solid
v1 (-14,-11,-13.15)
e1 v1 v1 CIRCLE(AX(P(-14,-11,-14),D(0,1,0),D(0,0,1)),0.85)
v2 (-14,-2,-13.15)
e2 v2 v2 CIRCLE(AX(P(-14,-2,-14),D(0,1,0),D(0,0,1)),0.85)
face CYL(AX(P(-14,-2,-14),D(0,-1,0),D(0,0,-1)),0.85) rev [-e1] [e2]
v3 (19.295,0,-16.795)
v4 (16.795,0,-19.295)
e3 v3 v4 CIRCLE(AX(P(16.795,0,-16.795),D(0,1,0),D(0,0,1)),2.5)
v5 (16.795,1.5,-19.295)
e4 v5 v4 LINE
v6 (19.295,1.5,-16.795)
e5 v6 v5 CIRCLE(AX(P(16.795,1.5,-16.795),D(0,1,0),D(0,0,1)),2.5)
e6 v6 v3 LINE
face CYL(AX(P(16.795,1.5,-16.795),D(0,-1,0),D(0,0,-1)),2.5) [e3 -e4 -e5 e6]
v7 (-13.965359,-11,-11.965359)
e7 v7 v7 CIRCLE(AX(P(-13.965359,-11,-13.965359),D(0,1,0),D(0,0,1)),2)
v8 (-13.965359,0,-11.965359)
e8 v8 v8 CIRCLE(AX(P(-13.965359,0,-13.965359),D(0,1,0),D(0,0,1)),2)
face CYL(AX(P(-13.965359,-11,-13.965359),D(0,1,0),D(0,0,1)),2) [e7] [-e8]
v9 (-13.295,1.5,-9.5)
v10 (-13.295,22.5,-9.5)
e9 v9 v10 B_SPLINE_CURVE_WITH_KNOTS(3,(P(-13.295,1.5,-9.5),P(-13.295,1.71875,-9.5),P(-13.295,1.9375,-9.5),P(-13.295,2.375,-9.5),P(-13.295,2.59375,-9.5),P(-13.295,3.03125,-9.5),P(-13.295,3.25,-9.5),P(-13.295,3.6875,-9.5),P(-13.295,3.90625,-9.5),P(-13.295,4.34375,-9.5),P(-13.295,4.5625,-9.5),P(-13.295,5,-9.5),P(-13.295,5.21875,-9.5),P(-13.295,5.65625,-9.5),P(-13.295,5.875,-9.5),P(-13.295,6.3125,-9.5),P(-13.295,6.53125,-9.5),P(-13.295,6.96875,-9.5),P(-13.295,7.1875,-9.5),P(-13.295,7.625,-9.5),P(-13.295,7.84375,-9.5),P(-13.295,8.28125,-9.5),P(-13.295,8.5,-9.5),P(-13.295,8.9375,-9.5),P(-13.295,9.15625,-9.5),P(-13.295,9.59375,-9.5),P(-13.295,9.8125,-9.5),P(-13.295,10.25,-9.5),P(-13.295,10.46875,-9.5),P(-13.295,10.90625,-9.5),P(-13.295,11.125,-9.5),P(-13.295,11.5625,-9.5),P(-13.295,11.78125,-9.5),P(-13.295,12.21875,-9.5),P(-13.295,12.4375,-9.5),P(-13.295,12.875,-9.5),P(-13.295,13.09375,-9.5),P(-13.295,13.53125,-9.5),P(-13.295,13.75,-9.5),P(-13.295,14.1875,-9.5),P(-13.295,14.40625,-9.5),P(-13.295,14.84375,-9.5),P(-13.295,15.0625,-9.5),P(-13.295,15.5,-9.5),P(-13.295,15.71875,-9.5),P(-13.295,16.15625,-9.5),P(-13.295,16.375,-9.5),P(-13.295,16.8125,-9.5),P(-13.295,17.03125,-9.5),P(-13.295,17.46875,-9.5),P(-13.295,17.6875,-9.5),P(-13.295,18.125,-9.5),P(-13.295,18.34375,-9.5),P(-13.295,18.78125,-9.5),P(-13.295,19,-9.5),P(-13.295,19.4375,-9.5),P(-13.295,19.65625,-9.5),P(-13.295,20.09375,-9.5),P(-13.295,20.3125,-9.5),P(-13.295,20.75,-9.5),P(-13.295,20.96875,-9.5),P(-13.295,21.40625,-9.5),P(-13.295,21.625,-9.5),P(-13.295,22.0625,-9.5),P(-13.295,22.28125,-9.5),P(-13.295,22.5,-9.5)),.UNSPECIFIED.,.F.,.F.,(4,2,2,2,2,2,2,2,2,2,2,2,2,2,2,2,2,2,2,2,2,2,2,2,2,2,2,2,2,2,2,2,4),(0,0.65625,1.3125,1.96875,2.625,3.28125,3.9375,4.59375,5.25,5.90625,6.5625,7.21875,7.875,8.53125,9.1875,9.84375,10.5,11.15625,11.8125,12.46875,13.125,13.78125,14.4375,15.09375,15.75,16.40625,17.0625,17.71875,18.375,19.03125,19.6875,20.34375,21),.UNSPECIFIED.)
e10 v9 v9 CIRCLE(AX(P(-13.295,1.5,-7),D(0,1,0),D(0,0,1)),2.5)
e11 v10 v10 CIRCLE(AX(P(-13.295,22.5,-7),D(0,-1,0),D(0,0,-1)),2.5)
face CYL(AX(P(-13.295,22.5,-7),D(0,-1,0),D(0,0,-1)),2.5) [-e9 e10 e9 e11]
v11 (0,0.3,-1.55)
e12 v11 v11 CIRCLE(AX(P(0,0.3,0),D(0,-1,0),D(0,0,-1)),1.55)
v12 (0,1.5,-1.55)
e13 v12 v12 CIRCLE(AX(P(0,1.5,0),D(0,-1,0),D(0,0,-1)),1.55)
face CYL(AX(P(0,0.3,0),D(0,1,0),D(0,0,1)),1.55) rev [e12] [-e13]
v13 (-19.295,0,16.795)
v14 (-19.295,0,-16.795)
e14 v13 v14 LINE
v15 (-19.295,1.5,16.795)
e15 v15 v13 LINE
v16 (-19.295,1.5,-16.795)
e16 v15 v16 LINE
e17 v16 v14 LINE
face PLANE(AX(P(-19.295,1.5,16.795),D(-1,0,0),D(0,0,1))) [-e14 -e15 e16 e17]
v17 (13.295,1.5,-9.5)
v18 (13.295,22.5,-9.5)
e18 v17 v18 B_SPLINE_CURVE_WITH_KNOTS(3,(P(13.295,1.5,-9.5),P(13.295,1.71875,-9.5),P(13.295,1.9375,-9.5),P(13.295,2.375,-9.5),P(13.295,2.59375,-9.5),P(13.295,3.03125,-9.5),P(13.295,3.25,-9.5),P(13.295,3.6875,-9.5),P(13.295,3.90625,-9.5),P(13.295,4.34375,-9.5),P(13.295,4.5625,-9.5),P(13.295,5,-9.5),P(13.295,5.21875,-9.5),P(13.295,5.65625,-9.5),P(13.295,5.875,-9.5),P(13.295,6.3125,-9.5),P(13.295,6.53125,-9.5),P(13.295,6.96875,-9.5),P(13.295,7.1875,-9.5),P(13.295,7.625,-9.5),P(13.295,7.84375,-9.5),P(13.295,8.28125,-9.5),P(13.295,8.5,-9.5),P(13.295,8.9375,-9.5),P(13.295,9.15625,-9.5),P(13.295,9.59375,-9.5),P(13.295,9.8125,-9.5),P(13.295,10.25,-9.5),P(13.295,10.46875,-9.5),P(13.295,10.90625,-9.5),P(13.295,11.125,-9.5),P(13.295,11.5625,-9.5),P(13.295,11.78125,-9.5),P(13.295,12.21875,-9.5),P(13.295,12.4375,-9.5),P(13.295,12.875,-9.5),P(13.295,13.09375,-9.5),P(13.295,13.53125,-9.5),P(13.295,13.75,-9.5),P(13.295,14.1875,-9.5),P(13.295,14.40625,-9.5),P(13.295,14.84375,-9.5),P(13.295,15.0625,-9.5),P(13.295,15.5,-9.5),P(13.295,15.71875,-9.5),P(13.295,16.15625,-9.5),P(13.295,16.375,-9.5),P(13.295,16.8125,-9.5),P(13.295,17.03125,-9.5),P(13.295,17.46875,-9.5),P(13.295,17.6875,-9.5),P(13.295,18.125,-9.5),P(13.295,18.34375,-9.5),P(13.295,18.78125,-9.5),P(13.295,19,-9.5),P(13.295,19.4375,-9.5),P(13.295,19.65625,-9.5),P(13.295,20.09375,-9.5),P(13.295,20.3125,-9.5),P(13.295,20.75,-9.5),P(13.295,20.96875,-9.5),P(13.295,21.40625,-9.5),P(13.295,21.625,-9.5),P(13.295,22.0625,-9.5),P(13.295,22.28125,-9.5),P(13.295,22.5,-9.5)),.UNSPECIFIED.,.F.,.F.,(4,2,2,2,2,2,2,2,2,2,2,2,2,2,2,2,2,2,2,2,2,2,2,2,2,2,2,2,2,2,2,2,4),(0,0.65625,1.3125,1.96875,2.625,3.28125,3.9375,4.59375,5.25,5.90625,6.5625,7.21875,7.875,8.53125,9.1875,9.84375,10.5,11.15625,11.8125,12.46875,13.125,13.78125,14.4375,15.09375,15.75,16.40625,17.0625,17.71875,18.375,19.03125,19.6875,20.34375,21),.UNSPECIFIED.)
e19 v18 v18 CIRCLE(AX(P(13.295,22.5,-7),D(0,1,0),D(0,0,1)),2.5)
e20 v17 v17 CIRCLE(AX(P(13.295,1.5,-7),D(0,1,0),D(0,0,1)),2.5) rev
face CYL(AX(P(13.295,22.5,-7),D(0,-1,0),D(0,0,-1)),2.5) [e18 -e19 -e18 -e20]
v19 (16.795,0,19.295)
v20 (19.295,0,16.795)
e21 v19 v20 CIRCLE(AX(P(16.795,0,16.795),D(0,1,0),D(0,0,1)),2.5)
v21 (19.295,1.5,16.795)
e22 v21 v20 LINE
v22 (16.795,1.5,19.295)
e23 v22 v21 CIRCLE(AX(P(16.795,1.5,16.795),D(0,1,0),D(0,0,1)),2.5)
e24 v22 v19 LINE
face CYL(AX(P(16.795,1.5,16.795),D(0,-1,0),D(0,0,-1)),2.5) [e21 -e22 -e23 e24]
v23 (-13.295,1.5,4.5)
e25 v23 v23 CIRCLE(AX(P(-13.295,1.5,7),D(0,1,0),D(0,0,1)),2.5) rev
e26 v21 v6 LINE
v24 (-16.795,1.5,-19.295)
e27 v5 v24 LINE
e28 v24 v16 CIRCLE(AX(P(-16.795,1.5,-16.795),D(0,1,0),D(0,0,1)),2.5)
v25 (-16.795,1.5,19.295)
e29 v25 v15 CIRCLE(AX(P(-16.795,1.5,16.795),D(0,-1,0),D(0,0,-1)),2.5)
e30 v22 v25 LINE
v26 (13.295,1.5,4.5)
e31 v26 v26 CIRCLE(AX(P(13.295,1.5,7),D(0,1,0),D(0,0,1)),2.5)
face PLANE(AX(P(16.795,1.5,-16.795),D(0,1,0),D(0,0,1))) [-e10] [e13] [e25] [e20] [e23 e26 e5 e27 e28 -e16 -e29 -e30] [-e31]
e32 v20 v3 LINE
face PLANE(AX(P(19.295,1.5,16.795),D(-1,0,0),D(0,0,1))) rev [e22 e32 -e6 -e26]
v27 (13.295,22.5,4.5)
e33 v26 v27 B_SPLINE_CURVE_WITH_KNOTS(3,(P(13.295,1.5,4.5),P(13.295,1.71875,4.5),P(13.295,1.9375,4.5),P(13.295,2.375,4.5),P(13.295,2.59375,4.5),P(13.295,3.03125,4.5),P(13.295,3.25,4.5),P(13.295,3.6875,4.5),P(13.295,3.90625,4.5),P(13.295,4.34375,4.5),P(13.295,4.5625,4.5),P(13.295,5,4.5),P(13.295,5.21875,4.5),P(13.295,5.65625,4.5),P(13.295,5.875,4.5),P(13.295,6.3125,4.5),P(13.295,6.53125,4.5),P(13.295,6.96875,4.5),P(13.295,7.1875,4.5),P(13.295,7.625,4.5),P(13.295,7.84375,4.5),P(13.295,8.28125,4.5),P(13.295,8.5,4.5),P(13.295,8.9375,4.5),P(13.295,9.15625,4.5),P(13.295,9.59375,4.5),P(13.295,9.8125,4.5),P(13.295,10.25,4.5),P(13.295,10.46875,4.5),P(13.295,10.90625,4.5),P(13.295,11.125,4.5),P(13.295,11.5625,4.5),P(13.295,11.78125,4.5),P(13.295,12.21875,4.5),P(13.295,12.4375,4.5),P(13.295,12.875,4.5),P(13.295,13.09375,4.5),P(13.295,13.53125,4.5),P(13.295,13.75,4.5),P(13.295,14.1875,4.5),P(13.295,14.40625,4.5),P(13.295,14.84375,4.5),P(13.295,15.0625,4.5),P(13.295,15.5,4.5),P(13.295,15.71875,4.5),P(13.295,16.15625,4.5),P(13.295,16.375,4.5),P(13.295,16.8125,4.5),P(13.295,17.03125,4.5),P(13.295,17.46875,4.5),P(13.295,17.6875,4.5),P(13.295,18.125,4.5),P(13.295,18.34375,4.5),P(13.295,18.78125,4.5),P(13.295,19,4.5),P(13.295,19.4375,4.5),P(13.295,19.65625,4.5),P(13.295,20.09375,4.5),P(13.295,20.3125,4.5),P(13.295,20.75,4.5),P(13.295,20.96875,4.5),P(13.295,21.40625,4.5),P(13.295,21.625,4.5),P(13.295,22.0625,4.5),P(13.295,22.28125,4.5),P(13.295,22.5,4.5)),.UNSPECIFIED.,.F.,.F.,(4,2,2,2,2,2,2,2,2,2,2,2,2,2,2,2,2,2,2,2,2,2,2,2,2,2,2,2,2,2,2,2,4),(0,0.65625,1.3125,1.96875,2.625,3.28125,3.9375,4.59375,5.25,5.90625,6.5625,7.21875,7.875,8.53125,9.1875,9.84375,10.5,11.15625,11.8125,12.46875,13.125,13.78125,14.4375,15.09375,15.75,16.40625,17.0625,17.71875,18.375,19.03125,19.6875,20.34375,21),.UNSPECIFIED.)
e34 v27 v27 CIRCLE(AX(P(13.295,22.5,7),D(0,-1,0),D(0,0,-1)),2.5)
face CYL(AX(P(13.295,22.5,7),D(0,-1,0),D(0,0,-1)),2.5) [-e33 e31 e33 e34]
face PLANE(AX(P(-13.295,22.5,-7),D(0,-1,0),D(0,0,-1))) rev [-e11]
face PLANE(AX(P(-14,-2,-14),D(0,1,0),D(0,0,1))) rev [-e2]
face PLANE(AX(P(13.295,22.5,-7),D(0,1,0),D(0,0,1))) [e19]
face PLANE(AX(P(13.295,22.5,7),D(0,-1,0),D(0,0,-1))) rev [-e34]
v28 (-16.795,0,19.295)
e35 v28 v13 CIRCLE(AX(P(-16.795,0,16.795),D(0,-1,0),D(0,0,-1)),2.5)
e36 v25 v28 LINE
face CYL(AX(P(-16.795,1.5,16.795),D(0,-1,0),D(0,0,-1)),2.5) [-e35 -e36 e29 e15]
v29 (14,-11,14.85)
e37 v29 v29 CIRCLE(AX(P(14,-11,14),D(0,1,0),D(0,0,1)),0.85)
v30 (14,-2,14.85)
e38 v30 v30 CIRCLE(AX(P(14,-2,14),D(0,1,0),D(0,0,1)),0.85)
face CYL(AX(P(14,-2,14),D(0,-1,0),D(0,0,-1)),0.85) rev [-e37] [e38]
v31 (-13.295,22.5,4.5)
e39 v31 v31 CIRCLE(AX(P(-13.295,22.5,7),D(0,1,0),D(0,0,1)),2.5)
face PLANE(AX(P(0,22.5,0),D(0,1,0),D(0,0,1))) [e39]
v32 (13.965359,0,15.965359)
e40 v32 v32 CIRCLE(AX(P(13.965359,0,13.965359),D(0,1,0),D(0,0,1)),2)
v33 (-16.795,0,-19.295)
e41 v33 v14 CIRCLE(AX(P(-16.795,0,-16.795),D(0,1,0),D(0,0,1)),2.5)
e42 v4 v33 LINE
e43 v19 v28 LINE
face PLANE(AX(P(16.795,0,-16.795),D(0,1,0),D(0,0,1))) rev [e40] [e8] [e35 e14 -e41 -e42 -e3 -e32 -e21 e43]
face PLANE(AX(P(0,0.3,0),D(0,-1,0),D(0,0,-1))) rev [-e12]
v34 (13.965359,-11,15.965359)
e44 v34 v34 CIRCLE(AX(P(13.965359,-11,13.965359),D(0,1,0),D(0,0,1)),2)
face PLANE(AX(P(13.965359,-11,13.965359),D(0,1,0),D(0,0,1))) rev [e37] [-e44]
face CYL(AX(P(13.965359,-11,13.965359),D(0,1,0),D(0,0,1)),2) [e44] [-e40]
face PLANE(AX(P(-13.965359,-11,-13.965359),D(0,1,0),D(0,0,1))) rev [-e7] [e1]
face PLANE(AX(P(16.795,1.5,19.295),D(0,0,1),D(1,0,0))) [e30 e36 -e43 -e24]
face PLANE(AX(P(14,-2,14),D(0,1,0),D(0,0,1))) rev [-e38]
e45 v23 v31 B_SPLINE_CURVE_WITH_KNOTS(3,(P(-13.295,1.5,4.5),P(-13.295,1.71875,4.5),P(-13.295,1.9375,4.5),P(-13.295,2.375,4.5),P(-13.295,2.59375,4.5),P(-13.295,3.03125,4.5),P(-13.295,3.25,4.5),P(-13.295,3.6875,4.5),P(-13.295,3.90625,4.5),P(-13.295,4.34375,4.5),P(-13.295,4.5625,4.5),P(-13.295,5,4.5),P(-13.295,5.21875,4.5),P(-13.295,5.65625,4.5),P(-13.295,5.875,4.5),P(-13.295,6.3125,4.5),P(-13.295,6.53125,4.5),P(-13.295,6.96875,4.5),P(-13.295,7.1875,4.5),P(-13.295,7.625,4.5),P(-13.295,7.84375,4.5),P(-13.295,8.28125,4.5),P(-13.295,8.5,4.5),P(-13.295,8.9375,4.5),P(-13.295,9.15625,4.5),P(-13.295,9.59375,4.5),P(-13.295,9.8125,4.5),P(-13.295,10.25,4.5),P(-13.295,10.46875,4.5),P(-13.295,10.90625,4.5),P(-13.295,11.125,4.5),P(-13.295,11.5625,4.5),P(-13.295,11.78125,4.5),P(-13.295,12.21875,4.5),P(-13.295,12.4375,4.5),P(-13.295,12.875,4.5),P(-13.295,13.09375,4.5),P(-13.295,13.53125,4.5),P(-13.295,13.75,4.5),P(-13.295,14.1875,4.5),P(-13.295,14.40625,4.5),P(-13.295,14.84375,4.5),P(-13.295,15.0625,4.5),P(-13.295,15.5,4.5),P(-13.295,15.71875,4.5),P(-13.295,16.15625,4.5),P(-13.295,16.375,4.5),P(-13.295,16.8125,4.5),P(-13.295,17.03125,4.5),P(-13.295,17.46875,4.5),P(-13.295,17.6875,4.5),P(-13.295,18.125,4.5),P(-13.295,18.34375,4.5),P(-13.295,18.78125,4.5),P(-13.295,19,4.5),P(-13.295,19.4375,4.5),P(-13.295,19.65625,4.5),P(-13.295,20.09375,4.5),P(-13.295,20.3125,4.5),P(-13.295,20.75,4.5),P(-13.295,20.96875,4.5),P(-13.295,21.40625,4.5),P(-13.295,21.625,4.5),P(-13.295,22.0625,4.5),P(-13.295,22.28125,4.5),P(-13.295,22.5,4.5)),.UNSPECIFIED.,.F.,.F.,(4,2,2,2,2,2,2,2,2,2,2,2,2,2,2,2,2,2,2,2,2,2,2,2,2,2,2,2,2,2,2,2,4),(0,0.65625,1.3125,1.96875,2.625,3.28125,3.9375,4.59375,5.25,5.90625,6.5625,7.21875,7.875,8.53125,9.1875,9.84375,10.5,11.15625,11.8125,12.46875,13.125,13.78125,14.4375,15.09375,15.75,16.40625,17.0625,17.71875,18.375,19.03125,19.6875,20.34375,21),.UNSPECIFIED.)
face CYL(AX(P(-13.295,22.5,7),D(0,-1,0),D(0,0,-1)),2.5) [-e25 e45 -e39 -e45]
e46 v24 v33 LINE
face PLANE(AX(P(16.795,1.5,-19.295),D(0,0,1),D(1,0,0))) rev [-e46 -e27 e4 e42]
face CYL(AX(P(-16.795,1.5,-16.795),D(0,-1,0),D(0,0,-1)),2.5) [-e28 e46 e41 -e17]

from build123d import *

# Parameters (mm, degrees)
DODANIE_WYCI_GNI_CIE1_DEPTH = 1.5
SZKIC1_4_R                  = 2.5
DODANIE_WYCI_GNI_CIE2_DEPTH = 22.5
SZKIC3_R                    = 1.55
WYTNIJ_WYCI_GNI_CIE2_DEPTH  = 1.2
SZKIC1_5_R                  = 2
DODANIE_WYCI_GNI_CIE3_DEPTH = 11
SZKIC2_R                    = 0.85
WYTNIJ_WYCI_GNI_CIE3_DEPTH  = 9


with BuildPart() as part:
    # Szkic1 → Dodanie-wyciągnięcie1 (new body)
    with BuildSketch(Plane(origin=(0, 0, 0), x_dir=(1, 0, 0), z_dir=(0, 1, 0))):
        with BuildLine():
            Line((16.795, -19.295), (-16.795, -19.295))
            ThreePointArc((-16.795, -19.295), (-18.562766953, -18.562766953), (-19.295, -16.795))
            Line((-19.295, -16.795), (-19.295, 16.795))
            ThreePointArc((-19.295, 16.795), (-18.562766953, 18.562766953), (-16.795, 19.295))
            Line((-16.795, 19.295), (16.795, 19.295))
            ThreePointArc((16.795, 19.295), (18.562766953, 18.562766953), (19.295, 16.795))
            Line((19.295, 16.795), (19.295, -16.795))
            ThreePointArc((19.295, -16.795), (18.562766953, -18.562766953), (16.795, -19.295))
        make_face()
    extrude(amount=DODANIE_WYCI_GNI_CIE1_DEPTH)

    # Szkic1<4> → Dodanie-wyciągnięcie2 (add)
    with BuildSketch(Plane(origin=(0, 0, 0), x_dir=(1, 0, 0), z_dir=(0, 1, 0))):
        with Locations((13.295, 7)):
            Circle(SZKIC1_4_R)
        with Locations((-13.295, 7)):
            Circle(SZKIC1_4_R)
        with Locations((13.295, -7)):
            Circle(SZKIC1_4_R)
        with Locations((-13.295, -7)):
            Circle(SZKIC1_4_R)
    extrude(amount=DODANIE_WYCI_GNI_CIE2_DEPTH)

    # Szkic3 → Wytnij-wyciągnięcie2 (cut)
    with BuildSketch(Plane.XZ.offset(-1.5)):
        Circle(SZKIC3_R)
    extrude(amount=WYTNIJ_WYCI_GNI_CIE2_DEPTH, mode=Mode.SUBTRACT)

    # Szkic1<5> → Dodanie-wyciągnięcie3 (add)
    with BuildSketch(Plane(origin=(0, 0, 0), x_dir=(1, 0, 0), z_dir=(0, 1, 0))):
        with Locations((13.965358928, -13.965358928)):
            Circle(SZKIC1_5_R)
        with Locations((-13.965358928, 13.965358928)):
            Circle(SZKIC1_5_R)
    extrude(amount=-DODANIE_WYCI_GNI_CIE3_DEPTH)

    # Szkic2 → Wytnij-wyciągnięcie3 (cut)
    with BuildSketch(Plane(origin=(0, -11, 0), x_dir=(1, 0, 0), z_dir=(0, 1, 0))):
        with Locations((-14, 14)):
            Circle(SZKIC2_R)
        with Locations((14, -14)):
            Circle(SZKIC2_R)
    extrude(amount=WYTNIJ_WYCI_GNI_CIE3_DEPTH, mode=Mode.SUBTRACT)


solid = part.part
